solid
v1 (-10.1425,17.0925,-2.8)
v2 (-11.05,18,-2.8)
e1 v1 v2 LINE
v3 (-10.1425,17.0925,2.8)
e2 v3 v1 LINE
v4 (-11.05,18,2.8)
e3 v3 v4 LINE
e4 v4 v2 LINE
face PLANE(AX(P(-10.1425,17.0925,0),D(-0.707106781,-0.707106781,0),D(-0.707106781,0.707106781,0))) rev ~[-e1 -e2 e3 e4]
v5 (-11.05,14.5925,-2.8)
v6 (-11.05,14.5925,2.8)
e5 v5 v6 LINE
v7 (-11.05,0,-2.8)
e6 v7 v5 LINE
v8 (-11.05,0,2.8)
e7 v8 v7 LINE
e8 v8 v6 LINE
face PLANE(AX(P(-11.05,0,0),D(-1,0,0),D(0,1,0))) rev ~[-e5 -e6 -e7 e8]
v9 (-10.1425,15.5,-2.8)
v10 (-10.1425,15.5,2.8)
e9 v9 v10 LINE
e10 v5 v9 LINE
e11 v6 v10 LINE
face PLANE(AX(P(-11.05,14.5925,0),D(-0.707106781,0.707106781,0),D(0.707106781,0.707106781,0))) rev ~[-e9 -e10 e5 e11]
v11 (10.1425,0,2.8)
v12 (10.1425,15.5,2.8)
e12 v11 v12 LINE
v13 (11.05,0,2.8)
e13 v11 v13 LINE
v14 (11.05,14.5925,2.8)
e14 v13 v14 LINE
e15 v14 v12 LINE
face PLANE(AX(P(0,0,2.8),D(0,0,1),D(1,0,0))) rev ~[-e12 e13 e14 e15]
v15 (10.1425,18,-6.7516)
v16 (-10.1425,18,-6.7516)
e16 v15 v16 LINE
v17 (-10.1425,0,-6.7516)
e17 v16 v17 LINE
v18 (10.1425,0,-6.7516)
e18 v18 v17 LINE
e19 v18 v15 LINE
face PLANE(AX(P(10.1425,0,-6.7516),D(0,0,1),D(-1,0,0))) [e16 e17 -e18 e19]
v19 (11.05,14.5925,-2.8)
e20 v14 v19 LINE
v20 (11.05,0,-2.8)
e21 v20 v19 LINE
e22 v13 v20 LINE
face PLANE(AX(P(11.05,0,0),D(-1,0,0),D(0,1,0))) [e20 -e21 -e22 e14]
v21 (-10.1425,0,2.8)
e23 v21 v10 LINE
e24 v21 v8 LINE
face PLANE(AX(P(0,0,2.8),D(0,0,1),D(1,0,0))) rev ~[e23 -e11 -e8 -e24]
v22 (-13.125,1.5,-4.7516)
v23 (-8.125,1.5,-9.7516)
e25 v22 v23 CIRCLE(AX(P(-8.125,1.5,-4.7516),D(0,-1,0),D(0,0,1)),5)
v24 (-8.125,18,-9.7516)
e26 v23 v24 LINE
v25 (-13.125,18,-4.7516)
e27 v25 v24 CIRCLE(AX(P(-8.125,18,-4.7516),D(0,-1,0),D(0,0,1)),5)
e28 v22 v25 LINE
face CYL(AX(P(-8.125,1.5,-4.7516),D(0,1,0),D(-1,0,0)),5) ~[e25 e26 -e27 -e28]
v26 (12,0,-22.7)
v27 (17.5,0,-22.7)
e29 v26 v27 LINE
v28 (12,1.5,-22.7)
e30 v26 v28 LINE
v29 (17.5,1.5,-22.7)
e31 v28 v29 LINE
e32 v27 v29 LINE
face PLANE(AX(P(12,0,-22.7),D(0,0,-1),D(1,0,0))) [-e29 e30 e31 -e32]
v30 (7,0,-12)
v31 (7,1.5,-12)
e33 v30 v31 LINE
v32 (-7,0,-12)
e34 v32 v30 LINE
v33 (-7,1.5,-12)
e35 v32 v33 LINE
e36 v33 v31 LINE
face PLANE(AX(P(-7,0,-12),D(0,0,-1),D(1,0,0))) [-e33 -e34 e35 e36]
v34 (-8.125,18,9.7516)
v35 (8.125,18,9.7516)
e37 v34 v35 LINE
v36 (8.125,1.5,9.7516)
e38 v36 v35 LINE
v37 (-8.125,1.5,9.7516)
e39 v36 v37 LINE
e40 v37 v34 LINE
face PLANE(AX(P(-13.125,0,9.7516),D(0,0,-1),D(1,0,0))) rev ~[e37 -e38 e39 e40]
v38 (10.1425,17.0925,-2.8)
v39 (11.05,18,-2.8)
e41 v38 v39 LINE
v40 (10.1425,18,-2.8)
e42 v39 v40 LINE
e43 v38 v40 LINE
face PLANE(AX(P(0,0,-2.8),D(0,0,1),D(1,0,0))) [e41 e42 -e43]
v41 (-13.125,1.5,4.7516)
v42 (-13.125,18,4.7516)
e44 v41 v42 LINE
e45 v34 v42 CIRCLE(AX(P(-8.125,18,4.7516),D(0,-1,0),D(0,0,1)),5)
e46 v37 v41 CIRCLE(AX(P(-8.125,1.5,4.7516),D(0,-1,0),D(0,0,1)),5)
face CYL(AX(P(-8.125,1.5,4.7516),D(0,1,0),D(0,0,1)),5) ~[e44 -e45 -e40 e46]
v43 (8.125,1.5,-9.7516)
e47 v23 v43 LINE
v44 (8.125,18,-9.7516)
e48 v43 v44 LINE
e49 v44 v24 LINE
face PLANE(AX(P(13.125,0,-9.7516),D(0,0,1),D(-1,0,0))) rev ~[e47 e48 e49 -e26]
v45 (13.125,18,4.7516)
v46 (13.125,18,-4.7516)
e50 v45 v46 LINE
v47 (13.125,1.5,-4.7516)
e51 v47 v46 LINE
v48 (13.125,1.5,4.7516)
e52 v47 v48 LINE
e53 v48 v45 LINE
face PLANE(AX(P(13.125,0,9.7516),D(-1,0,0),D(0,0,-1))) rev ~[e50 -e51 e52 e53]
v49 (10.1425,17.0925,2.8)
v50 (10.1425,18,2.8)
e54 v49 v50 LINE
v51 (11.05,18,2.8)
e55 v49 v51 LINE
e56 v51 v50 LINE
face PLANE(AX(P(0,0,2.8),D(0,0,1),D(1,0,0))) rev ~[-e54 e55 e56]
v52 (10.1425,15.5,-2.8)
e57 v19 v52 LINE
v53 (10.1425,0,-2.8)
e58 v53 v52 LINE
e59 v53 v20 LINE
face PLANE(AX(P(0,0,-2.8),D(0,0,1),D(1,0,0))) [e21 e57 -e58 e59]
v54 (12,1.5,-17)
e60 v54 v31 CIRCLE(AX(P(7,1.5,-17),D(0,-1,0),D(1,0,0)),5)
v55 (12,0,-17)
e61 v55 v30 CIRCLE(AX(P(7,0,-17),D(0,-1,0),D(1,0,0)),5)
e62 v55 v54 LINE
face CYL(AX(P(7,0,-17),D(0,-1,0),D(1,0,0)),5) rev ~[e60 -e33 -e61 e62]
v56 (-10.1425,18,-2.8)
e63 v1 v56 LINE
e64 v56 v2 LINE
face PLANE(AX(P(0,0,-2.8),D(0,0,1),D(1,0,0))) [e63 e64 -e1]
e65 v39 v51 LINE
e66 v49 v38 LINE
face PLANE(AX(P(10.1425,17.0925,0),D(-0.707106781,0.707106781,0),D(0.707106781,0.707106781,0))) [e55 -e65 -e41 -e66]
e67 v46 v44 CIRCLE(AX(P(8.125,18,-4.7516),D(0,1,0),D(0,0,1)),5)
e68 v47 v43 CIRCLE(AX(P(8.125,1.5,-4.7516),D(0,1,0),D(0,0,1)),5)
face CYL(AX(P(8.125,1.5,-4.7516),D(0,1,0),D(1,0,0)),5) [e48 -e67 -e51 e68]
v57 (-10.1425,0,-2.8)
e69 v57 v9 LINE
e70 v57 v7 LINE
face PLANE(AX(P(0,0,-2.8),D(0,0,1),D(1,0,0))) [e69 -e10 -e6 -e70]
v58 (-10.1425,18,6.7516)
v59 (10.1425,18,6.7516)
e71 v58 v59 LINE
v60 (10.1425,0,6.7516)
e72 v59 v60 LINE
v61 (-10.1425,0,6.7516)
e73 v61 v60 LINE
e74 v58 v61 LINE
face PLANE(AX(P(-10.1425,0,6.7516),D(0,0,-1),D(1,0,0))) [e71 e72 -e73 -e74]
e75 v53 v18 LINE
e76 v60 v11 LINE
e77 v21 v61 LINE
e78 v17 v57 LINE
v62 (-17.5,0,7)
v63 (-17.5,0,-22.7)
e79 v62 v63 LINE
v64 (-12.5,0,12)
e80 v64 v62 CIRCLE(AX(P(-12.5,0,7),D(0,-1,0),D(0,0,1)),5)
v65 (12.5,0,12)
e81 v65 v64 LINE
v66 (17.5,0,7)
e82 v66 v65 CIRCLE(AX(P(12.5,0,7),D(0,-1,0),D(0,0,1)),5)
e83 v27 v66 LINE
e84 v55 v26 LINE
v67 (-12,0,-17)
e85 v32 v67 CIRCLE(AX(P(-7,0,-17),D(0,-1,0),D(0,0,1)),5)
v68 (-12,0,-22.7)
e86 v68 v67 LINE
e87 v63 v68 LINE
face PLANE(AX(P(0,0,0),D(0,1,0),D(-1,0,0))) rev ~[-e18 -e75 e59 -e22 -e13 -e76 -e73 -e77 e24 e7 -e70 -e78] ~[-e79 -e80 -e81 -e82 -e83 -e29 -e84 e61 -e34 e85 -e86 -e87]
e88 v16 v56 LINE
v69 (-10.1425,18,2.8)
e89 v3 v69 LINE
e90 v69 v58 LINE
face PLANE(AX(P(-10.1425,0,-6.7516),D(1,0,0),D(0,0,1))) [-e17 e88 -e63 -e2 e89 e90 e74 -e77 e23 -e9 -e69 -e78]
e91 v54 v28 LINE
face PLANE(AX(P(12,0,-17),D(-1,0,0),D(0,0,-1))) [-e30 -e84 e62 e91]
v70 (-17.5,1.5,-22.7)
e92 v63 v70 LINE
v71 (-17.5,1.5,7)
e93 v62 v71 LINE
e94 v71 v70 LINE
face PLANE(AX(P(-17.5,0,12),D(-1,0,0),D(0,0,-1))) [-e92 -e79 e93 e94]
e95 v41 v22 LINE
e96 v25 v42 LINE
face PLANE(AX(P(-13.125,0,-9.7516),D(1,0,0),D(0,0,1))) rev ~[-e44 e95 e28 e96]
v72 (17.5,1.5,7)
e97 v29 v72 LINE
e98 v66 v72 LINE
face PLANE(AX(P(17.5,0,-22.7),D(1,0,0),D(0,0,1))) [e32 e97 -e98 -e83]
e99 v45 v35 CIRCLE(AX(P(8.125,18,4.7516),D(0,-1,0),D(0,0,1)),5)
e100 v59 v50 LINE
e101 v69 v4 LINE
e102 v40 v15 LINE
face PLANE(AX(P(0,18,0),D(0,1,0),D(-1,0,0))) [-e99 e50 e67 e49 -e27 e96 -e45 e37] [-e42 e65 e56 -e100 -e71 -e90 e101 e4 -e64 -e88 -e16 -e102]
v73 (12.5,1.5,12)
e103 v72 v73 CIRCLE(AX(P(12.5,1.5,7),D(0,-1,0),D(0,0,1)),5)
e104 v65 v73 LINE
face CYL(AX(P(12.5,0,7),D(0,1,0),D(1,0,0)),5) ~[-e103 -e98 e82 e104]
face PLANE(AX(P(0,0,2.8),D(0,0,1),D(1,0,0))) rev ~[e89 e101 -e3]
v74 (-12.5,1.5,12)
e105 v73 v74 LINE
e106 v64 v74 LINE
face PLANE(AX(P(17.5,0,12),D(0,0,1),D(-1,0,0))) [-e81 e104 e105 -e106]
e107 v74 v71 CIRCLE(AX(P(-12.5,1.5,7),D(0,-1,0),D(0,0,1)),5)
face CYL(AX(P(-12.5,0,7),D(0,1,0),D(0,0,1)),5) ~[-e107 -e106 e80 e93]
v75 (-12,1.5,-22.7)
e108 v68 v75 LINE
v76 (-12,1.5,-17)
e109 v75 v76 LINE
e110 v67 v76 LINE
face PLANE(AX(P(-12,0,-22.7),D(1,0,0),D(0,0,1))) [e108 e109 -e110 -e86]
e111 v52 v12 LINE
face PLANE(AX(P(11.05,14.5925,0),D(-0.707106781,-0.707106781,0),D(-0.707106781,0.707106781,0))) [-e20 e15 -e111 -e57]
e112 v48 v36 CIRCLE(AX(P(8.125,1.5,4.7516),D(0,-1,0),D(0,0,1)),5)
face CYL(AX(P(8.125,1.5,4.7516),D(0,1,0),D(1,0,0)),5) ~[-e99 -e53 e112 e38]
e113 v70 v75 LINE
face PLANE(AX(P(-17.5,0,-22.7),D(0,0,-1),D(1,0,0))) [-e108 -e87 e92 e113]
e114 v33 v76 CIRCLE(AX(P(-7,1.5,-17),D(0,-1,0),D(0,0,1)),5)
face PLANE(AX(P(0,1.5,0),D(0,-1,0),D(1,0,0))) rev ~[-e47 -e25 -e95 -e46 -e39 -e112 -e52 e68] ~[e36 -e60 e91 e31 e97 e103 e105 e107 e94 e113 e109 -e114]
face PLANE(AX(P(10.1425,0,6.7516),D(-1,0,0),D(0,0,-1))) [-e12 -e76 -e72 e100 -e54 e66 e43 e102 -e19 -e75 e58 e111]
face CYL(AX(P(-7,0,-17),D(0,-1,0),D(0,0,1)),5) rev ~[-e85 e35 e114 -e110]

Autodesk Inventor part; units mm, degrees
ref_plane "YZ Plane" through (0, 0, 0) normal (1, 0, 0) x (0, 1, 0)
ref_plane "XZ Plane" through (0, 0, 0) normal (0, 1, 0) x (-1, 0, 0)
ref_plane "XY Plane" through (0, 0, 0) normal (0, 0, 1) x (1, 0, 0)
sketch "Sketch1" plane through (0, 0, 0) normal (0, 1, 0) x (-1, 0, 0)
  line L0 (-10.1425, -6.7516) -> (10.1425, -6.7516)
  line L1 (10.1425, -6.7516) -> (10.1425, 6.7516)
  line L2 (10.1425, 6.7516) -> (-10.1425, 6.7516)
  line L3 (-10.1425, 6.7516) -> (-10.1425, -6.7516)
  line L4 (-10.1425, -6.7516) -> (10.1425, 6.7516) construction
  line L5 (10.1425, -6.7516) -> (-10.1425, 6.7516) construction
  line L6 (-13.125, -9.7516) -> (13.125, -9.7516)
  line L7 (13.125, -9.7516) -> (13.125, 9.7516)
  line L8 (13.125, 9.7516) -> (-13.125, 9.7516)
  line L9 (-13.125, 9.7516) -> (-13.125, -9.7516)
  point P0 (0, 0)
  point P1 (0, 0)
  point P2 (0, 0)
  point P3 (0, -9.7516)
  point P4 (0, 0)
  point P5 (-13.125, 0)
  point P6 (0, 0)
  dimension "d2" = 19.685
  dimension "d3" = 12.9032
  dimension "d4" = 3
  dimension "d12" = 26.25
extrude "Extrusion1" add sketch "Sketch1" along normal blind 18
sketch "Sketch2" plane through (0, 0, 0) normal (0, -1, 0) x (1, 0, 0)
  line L0 (10.1425, 6.7516) -> (10.1425, -6.7516) projected
  line L1 (10.1425, -6.7516) -> (-10.1425, -6.7516) projected
  line L2 (-10.1425, -6.7516) -> (-10.1425, 6.7516) projected
  line L3 (-10.1425, 6.7516) -> (10.1425, 6.7516) projected
  line L4 (17.5, -22.7) -> (17.5, 12)
  line L5 (17.5, 12) -> (-17.5, 12)
  line L6 (-17.5, 12) -> (-17.5, -22.7)
  line L7 (13.125, -9.7516) -> (-13.125, -9.7516) projected
  line L8 (-13.125, 9.7516) -> (13.125, 9.7516) projected
  line L9 (-13.125, -9.7516) -> (-13.125, 9.7516) projected
  line L10 (-12, -22.7) -> (-12, -17)
  line L11 (-7, -12) -> (7, -12)
  line L12 (12, -17) -> (12, -22.7)
  line L13 (0, -23.1968) -> (0, 12) construction
  line L14 (-17.5, -22.7) -> (-12, -22.7)
  line L15 (12, -22.7) -> (17.5, -22.7)
  arc A0 (-7, -12) -> (-12, -17) centre (-7, -17) ccw
  arc A1 (12, -17) -> (7, -12) centre (7, -17) ccw
  point P0 (0, 0)
  point P1 (0, 0)
  point P2 (-12, -12)
  point P3 (12, -12)
  dimension "d8" = 35
  dimension "d13" = 12
  dimension "d15" = 2.2484
  dimension "d16" = 2.2484
  dimension "d17" = 22.7
  dimension "d18" = 24
  dimension "d32" = 34.7
  dimension "d33" = 5
extrude "Extrusion2" add sketch "Sketch2" against normal blind 1.5
sketch "Sketch3" plane through (0, 0, 0) normal (0, 0, 1) x (1, 0, 0)
  line L0 (-13.125, 1.5) -> (-13.125, 18) projected
  line L1 (13.125, 18) -> (-13.125, 18) projected
  line L2 (-10.1425, 0) -> (-10.1425, 18) projected
  line L3 (10.1425, 0) -> (10.1425, 18) projected
  line L4 (13.125, 1.5) -> (13.125, 18) projected
  line L5 (7, 0) -> (-7, 0) projected
  line L6 (-11.05, 0) -> (-11.05, 14.5925)
  line L7 (-11.05, 14.5925) -> (-10.1425, 15.5)
  line L8 (11.05, 0) -> (11.05, 14.5925)
  line L9 (11.05, 14.5925) -> (10.1425, 15.5)
  line L10 (0, 18) -> (0, 0) construction
  line L11 (-10.1425, 17.0925) -> (-11.05, 18)
  line L12 (-11.05, 14.5925) -> (-11.05, 18) construction
  line L13 (10.1425, 17.0925) -> (11.05, 18)
  line L14 (11.05, 18) -> (11.05, 14.5925) construction
  line L15 (-10.1425, 0) -> (-11.05, 0)
  line L16 (10.1425, 0) -> (11.05, 0)
  line L17 (-10.1425, 15.5) -> (-10.1425, 0)
  line L18 (10.1425, 0) -> (10.1425, 15.5)
  line L19 (10.1425, 17.0925) -> (10.1425, 18)
  line L20 (10.1425, 18) -> (11.05, 18)
  line L21 (-11.05, 18) -> (-10.1425, 18)
  line L22 (-10.1425, 18) -> (-10.1425, 17.0925)
  dimension "d21" = 2.5
  dimension "d22" = 21.5
  dimension "d24" = 45
  dimension "d34" = 20.285
extrude "Extrusion3" cut sketch "Sketch3" along normal mid plane 5.6
fillet "Fillet1" radius 5 2 edges at (17.5, 0.75, 12) (-17.5, 0.75, 12)
fillet "Fillet2" radius 5 4 edges at (13.125, 9.75, 9.7516) (13.125, 9.75, -9.7516) (-13.125, 9.75, 9.7516) (-13.125, 9.75, -9.7516)
equation "\"d15\" = d16"
properties part number "Switch Holder"
